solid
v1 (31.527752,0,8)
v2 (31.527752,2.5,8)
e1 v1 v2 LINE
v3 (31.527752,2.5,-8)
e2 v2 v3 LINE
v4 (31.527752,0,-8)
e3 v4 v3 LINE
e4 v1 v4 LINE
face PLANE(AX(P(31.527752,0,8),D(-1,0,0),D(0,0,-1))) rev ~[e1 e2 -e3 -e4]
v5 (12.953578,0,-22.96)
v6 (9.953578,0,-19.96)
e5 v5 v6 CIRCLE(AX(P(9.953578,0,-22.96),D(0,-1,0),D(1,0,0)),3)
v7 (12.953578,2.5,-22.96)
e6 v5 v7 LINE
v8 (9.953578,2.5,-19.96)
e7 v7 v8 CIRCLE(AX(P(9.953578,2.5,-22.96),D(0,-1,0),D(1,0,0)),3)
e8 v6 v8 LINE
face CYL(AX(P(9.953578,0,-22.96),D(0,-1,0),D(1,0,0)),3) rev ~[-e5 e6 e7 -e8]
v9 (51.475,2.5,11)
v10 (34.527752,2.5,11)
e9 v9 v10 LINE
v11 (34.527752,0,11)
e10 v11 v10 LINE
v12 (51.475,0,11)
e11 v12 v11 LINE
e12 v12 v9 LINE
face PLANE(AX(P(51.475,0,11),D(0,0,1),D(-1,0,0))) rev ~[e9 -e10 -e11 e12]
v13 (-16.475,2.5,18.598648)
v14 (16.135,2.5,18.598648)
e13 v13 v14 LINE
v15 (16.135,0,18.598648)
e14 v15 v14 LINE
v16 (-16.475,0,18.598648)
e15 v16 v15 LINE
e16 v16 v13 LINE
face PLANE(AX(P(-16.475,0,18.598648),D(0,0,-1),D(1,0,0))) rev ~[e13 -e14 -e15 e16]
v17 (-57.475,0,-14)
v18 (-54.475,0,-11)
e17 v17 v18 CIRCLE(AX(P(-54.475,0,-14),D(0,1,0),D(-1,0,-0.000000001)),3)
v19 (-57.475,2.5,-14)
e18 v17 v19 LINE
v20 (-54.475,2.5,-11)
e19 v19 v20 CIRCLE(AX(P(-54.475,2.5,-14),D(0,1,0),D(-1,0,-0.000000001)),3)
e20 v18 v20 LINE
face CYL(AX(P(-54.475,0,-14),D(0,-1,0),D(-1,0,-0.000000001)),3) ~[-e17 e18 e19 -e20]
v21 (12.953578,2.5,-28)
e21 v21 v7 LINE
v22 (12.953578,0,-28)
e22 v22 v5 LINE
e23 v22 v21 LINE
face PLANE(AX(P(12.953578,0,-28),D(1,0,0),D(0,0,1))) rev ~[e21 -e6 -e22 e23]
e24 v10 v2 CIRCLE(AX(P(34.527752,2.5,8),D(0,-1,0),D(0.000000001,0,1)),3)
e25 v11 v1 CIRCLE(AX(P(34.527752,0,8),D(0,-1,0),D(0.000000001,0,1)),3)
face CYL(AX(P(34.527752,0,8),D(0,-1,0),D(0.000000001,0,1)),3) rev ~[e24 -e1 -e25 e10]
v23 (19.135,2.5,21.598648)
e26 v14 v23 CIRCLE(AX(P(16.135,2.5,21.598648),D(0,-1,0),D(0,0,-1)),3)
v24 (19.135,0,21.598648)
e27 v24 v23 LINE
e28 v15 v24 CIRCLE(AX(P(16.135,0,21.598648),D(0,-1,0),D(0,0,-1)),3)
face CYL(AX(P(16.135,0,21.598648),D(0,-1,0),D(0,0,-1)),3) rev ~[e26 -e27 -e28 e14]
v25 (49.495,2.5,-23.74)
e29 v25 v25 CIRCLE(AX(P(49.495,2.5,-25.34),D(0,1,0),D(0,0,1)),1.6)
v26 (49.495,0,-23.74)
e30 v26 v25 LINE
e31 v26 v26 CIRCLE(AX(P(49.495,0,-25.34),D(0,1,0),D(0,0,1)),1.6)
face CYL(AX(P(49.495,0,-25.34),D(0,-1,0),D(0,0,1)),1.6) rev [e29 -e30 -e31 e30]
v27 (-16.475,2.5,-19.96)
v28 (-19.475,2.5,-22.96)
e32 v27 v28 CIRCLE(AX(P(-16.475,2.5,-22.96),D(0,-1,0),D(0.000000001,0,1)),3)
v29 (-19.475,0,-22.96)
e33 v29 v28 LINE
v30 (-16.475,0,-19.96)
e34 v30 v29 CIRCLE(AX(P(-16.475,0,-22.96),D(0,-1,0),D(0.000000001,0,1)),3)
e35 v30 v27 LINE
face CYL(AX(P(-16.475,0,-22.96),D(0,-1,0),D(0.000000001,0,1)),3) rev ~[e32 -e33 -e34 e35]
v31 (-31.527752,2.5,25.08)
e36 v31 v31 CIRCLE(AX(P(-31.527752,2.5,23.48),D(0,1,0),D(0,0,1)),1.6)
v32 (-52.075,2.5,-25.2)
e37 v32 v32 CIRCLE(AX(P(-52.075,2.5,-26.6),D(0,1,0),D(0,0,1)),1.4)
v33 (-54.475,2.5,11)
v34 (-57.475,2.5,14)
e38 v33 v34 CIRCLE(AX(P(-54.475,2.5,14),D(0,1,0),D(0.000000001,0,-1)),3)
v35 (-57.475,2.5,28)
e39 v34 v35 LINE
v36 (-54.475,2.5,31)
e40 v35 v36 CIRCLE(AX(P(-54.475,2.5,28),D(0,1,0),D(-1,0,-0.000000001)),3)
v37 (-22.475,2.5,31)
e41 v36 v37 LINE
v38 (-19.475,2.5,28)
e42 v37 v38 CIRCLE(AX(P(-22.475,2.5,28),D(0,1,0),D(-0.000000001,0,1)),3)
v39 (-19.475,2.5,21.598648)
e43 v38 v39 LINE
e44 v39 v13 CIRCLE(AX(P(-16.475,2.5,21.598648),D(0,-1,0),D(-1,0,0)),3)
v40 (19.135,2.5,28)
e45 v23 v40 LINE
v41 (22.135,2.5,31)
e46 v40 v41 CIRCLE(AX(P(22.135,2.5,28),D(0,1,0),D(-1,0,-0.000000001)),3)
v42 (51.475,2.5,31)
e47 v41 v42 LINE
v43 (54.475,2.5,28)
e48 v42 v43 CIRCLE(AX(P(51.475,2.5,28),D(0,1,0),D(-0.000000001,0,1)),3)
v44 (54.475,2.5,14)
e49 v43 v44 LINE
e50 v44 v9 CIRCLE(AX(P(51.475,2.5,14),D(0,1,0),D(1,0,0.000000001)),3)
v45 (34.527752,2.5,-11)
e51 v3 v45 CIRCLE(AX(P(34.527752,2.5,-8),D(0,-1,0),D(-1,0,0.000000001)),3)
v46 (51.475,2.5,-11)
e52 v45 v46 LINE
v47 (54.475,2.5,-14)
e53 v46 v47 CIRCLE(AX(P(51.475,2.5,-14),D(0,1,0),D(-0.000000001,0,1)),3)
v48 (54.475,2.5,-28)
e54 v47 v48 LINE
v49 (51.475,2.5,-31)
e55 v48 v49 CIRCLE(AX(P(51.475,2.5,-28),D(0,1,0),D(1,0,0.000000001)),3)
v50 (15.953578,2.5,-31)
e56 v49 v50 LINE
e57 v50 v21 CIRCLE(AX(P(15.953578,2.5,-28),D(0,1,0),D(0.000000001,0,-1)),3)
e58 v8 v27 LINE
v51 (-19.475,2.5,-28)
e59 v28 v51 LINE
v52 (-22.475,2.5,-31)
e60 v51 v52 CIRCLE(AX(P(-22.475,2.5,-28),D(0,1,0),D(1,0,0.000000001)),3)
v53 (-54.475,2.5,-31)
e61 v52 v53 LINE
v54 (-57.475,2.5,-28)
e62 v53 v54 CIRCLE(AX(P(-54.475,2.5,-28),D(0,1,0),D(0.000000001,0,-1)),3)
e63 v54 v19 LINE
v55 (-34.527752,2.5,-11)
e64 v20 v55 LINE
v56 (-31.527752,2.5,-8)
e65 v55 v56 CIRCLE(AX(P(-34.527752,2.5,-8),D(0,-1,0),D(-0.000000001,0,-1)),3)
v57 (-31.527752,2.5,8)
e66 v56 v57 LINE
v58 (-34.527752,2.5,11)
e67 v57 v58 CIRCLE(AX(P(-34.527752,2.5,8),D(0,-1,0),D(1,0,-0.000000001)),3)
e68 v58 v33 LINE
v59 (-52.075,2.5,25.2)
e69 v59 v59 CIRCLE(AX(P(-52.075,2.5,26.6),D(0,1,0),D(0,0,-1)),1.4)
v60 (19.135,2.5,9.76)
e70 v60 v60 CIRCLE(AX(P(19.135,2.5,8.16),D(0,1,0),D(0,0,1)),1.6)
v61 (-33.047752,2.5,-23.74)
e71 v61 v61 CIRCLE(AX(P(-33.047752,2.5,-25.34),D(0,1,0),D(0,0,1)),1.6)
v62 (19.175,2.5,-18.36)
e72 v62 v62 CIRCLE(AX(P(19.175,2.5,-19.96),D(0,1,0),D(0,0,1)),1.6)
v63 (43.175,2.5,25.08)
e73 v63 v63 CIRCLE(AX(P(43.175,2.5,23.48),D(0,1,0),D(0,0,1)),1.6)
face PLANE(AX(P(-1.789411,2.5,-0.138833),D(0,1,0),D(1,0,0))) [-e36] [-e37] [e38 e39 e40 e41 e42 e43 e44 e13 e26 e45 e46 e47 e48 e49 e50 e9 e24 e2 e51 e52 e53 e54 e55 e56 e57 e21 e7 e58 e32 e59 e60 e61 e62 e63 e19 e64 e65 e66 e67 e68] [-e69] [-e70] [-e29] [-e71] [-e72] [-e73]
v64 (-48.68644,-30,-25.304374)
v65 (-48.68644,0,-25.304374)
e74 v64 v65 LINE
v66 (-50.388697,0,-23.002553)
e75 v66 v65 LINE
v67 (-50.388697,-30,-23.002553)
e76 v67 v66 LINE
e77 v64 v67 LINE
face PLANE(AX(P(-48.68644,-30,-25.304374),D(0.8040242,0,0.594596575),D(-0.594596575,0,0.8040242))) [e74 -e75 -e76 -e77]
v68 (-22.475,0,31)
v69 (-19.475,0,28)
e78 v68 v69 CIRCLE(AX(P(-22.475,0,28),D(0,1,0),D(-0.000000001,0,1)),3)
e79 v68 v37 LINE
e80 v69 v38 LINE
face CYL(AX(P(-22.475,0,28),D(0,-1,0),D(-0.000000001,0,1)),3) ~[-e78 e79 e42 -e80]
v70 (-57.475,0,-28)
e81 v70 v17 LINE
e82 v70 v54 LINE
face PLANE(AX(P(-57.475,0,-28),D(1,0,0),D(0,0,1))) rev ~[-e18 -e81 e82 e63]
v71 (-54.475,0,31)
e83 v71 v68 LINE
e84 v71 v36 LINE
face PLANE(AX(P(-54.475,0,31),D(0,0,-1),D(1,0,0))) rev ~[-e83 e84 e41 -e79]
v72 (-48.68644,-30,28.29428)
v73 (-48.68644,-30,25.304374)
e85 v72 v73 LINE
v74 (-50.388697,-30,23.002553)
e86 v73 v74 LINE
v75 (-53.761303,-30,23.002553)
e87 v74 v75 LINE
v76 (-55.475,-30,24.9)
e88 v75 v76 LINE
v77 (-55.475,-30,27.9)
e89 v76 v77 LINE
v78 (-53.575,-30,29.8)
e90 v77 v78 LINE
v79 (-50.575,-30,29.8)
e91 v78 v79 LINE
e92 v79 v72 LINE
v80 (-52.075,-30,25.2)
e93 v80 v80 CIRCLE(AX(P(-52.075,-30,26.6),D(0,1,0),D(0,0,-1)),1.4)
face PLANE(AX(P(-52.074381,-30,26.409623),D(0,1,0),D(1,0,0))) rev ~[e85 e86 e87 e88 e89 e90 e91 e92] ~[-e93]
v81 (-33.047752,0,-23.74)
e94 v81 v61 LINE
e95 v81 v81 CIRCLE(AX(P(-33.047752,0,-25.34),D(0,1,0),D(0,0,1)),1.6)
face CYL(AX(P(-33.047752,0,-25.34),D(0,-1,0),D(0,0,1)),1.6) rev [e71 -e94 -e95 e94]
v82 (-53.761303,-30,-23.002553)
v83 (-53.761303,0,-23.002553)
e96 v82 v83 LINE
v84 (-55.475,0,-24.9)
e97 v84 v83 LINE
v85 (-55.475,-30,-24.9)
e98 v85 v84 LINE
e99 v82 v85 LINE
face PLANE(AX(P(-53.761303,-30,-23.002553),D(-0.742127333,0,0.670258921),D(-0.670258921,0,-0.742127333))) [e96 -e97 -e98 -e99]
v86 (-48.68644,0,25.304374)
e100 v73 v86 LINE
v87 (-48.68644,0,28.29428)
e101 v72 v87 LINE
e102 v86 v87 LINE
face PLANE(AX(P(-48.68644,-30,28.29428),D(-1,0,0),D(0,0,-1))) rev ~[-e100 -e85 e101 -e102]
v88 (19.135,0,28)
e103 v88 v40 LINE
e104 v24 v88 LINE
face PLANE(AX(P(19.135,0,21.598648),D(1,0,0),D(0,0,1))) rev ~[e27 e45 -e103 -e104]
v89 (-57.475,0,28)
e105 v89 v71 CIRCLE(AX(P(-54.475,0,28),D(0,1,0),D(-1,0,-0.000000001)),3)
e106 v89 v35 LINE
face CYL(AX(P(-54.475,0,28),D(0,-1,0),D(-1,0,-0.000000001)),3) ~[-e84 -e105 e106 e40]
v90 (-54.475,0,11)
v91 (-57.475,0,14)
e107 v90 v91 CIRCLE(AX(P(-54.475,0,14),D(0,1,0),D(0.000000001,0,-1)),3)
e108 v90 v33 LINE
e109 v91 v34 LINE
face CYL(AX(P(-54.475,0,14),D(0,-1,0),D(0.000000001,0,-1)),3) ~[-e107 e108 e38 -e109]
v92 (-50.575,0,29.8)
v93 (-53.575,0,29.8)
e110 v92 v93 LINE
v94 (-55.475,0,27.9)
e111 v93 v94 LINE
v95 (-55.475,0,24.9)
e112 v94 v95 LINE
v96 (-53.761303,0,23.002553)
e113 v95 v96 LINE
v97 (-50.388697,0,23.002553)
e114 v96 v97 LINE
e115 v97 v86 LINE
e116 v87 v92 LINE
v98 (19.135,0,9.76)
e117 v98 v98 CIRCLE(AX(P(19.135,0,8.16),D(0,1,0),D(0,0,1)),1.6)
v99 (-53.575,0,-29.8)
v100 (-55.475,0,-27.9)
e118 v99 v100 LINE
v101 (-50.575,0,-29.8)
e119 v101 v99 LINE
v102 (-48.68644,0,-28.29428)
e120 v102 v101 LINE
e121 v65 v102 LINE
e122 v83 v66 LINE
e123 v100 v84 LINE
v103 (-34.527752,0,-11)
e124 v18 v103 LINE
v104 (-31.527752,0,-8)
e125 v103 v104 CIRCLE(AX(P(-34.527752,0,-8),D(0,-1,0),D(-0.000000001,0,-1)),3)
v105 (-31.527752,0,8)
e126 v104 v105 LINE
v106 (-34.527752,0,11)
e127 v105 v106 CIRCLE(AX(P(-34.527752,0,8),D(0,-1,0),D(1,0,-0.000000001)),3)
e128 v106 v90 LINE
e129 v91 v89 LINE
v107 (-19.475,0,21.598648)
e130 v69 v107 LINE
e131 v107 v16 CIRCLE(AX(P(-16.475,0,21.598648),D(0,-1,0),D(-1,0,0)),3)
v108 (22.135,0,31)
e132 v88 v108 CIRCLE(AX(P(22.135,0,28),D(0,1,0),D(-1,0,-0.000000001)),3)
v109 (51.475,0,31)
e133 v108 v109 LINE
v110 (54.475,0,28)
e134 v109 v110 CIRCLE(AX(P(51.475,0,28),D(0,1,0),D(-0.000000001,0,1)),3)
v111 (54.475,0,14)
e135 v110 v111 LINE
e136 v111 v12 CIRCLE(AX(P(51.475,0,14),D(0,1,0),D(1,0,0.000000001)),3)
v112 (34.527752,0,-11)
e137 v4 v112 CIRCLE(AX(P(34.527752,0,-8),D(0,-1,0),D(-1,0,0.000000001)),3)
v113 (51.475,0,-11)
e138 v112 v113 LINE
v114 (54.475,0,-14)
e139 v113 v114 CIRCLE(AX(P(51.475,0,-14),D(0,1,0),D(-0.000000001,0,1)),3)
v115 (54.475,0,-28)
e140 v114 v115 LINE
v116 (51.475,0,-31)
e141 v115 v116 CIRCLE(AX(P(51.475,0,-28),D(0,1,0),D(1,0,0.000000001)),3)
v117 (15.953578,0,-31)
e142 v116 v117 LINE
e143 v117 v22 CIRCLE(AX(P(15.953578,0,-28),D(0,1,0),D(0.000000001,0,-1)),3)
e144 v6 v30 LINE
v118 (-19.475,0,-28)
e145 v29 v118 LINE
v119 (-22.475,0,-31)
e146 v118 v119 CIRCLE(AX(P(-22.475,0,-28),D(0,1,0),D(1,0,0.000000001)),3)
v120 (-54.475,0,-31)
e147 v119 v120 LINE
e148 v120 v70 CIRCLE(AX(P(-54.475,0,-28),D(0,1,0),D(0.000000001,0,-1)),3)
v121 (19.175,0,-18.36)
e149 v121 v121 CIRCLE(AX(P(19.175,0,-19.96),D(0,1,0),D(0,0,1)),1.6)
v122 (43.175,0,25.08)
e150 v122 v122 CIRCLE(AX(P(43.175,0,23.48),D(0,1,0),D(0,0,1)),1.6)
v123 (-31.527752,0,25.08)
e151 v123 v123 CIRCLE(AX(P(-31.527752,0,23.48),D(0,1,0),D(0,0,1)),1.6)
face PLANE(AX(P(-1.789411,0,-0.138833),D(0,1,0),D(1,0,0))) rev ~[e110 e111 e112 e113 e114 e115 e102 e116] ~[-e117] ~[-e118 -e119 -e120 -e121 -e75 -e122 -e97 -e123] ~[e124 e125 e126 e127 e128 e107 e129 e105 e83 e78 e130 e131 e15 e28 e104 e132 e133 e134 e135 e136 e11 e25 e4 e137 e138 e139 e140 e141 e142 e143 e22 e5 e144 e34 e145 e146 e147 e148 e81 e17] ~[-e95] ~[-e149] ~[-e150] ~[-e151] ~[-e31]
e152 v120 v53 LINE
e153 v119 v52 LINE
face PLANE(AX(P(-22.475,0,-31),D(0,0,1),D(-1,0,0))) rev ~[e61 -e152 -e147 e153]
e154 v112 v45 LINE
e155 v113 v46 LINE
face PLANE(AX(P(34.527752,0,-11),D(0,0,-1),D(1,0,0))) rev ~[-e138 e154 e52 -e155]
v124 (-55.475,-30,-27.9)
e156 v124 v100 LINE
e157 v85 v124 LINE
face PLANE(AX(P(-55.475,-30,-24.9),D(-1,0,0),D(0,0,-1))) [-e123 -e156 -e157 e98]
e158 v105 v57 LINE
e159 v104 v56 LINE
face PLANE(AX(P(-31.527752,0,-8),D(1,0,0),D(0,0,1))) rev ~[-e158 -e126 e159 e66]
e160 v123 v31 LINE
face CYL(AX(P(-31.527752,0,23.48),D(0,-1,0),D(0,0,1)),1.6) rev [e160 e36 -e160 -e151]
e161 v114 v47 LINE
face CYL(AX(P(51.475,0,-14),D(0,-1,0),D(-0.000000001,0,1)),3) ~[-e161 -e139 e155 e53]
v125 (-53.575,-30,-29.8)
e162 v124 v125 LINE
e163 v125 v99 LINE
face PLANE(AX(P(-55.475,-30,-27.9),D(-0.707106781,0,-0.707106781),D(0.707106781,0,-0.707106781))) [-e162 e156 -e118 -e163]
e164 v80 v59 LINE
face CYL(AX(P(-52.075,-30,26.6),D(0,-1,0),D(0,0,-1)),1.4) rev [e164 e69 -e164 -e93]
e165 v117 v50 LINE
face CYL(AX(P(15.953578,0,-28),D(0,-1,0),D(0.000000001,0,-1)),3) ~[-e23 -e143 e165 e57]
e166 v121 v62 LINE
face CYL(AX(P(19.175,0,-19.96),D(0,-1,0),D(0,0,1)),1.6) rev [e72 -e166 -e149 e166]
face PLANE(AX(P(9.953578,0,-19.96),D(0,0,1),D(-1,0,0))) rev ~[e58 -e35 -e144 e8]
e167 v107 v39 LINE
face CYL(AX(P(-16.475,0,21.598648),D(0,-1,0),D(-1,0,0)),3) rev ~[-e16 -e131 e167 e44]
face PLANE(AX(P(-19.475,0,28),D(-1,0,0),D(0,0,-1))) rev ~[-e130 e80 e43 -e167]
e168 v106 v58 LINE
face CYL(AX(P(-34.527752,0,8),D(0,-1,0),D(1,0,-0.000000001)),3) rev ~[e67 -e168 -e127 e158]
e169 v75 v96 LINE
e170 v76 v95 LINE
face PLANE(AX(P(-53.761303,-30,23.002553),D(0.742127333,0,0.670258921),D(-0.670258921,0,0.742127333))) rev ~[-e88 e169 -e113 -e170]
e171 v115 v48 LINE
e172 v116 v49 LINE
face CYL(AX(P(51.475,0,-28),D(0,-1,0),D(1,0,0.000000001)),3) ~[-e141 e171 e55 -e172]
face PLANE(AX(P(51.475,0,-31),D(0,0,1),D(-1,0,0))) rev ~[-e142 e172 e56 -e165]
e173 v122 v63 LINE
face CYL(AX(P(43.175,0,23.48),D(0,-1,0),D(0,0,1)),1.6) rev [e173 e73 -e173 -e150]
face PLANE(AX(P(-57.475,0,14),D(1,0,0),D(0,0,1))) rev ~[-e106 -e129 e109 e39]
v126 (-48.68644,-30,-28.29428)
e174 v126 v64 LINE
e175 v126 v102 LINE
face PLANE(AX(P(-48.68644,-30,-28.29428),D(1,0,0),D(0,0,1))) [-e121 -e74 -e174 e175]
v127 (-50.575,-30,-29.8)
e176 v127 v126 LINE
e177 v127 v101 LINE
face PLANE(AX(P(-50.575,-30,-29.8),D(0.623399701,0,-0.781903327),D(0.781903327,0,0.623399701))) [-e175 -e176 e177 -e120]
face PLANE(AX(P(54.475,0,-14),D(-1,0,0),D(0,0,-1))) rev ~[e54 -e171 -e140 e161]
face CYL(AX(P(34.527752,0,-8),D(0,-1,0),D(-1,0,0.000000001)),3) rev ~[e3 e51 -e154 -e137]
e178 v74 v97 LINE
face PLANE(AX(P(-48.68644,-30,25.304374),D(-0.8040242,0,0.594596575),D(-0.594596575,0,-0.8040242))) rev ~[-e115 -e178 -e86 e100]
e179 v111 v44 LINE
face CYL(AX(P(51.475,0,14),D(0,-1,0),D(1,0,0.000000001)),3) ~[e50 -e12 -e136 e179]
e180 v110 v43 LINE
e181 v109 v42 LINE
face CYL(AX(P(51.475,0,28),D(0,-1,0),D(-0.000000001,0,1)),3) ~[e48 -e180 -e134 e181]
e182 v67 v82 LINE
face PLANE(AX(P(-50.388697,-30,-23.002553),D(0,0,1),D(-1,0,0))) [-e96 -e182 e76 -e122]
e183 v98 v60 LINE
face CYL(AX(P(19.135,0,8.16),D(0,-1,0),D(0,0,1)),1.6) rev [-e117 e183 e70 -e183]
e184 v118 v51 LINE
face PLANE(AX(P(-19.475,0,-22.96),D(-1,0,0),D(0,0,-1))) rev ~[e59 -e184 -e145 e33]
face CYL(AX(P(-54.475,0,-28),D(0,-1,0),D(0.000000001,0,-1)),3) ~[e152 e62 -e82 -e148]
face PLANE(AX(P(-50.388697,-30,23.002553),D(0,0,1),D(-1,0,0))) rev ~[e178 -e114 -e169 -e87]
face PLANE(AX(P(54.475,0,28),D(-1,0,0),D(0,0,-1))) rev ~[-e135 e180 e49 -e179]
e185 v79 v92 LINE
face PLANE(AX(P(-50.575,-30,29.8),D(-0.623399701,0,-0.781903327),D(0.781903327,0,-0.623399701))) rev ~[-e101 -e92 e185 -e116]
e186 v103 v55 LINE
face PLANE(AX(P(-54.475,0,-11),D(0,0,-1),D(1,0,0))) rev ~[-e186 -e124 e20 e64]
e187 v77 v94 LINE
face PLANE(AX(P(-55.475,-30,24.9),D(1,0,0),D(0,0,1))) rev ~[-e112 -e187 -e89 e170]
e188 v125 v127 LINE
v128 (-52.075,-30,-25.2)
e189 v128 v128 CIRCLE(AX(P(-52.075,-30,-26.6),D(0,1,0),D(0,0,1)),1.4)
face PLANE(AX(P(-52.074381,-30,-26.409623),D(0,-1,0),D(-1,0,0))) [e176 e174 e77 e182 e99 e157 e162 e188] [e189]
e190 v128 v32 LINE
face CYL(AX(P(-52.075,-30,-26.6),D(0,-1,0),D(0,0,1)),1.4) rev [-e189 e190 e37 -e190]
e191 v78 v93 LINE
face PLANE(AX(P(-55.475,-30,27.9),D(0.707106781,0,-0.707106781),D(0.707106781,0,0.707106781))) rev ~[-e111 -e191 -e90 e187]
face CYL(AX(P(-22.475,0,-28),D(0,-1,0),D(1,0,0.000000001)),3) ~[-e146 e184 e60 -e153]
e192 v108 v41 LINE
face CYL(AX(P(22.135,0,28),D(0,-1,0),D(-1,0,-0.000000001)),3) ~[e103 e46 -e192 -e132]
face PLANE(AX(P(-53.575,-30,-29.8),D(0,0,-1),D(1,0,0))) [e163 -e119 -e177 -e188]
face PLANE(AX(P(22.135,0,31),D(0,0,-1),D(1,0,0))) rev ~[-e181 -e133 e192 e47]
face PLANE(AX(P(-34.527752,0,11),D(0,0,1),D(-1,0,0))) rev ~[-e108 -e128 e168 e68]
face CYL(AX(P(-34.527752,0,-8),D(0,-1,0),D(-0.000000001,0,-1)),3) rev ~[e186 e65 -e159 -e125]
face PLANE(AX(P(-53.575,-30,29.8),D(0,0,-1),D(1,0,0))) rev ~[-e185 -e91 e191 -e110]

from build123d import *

# Parameters (mm, degrees)
CROQUIS1_R              = 1.6
CROQUIS1_R_2            = 1.4
SALIENTE_EXTRUIR1_DEPTH = 2.5
SALIENTE_EXTRUIR2_START = -32.5
CROQUIS2_R              = 1.4
SALIENTE_EXTRUIR2_DEPTH = 32.5


with BuildPart() as part:
    # Croquis1 → Saliente-Extruir1 (new body)
    with BuildSketch(Plane(origin=(0, 0, 0), x_dir=(1, 0, 0), z_dir=(0, 1, 0))):
        with BuildLine():
            Line((-54.475, -31), (-22.475, -31))
            ThreePointArc((-22.475, -31), (-20.353679656, -30.121320344), (-19.475, -28))
            Line((-19.475, -28), (-19.475, -21.598648019))
            ThreePointArc((-19.475, -21.598648019), (-18.596320344, -19.477327676), (-16.475, -18.598648019))
            Line((-16.475, -18.598648019), (16.135, -18.598648019))
            ThreePointArc((16.135, -18.598648019), (18.256320344, -19.477327676), (19.135, -21.598648019))
            Line((19.135, -21.598648019), (19.135, -28))
            ThreePointArc((19.135, -28), (20.013679656, -30.121320344), (22.135, -31))
            Line((22.135, -31), (51.475, -31))
            ThreePointArc((51.475, -31), (53.596320344, -30.121320344), (54.475, -28))
            Line((54.475, -28), (54.475, -14))
            ThreePointArc((54.475, -14), (53.596320344, -11.878679656), (51.475, -11))
            Line((51.475, -11), (34.52775179, -11))
            ThreePointArc((34.52775179, -11), (32.406431446, -10.121320344), (31.52775179, -8))
            Line((31.52775179, -8), (31.52775179, 8))
            ThreePointArc((31.52775179, 8), (32.406431446, 10.121320344), (34.52775179, 11))
            Line((34.52775179, 11), (51.475, 11))
            ThreePointArc((51.475, 11), (53.596320344, 11.878679656), (54.475, 14))
            Line((54.475, 14), (54.475, 28))
            ThreePointArc((54.475, 28), (53.596320344, 30.121320344), (51.475, 31))
            Line((51.475, 31), (15.953577615, 31))
            ThreePointArc((15.953577615, 31), (13.832257271, 30.121320344), (12.953577615, 28))
            Line((12.953577615, 28), (12.953577615, 22.9600001))
            ThreePointArc((12.953577615, 22.9600001), (12.074897958, 20.838679756), (9.953577615, 19.9600001))
            Line((9.953577615, 19.9600001), (-16.475, 19.9600001))
            ThreePointArc((-16.475, 19.9600001), (-18.596320344, 20.838679756), (-19.475, 22.9600001))
            Line((-19.475, 22.9600001), (-19.475, 28))
            ThreePointArc((-19.475, 28), (-20.353679656, 30.121320344), (-22.475, 31))
            Line((-22.475, 31), (-54.475, 31))
            ThreePointArc((-54.475, 31), (-56.596320344, 30.121320344), (-57.475, 28))
            Line((-57.475, 28), (-57.475, 14))
            ThreePointArc((-57.475, 14), (-56.596320344, 11.878679656), (-54.475, 11))
            Line((-54.475, 11), (-34.52775179, 11))
            ThreePointArc((-34.52775179, 11), (-32.406431446, 10.121320344), (-31.52775179, 8))
            Line((-31.52775179, 8), (-31.52775179, -8))
            ThreePointArc((-31.52775179, -8), (-32.406431446, -10.121320344), (-34.52775179, -11))
            Line((-34.52775179, -11), (-54.475, -11))
            ThreePointArc((-54.475, -11), (-56.596320344, -11.878679656), (-57.475, -14))
            Line((-57.475, -14), (-57.475, -28))
            ThreePointArc((-57.475, -28), (-56.596320344, -30.121320344), (-54.475, -31))
        make_face()
        with Locations(Location((49.495, 25.3400001, 0), (0, 0, 270))):
            Circle(CROQUIS1_R, mode=Mode.SUBTRACT)
        with Locations(Location((-52.075, 26.6, 0), (0, 0, 270))):
            Circle(CROQUIS1_R_2, mode=Mode.SUBTRACT)
        with Locations(Location((-52.075, -26.6, 0), (0, 0, 90))):
            Circle(CROQUIS1_R_2, mode=Mode.SUBTRACT)
        with Locations(Location((-33.04775179, 25.3400001, 0), (0, 0, 270))):
            Circle(CROQUIS1_R, mode=Mode.SUBTRACT)
        with Locations(Location((19.175, 19.9600001, 0), (0, 0, 270))):
            Circle(CROQUIS1_R, mode=Mode.SUBTRACT)
        with Locations(Location((43.175, -23.4799999, 0), (0, 0, 270))):
            Circle(CROQUIS1_R, mode=Mode.SUBTRACT)
        with Locations(Location((-31.52775179, -23.4799999, 0), (0, 0, 270))):
            Circle(CROQUIS1_R, mode=Mode.SUBTRACT)
        with Locations(Location((19.135, -8.1599999, 0), (0, 0, 270))):
            Circle(CROQUIS1_R, mode=Mode.SUBTRACT)
    extrude(amount=SALIENTE_EXTRUIR1_DEPTH)

    # Croquis2 → Saliente-Extruir2 (add)
    # profile 1 of 2: a face of its own
    with BuildSketch(Plane(origin=(0, 2.5, 0), x_dir=(1, 0, 0), z_dir=(0, 1, 0)).offset(SALIENTE_EXTRUIR2_START)):
        Polygon((-55.475, 27.9), (-53.575, 29.8), (-50.575, 29.8), (-48.686440257, 28.294279871), (-48.686440257, 25.304374216), (-50.388696536, 23.00255261), (-53.761303464, 23.00255261), (-55.475, 24.9), align=None)
        with Locations(Location((-52.075, 26.6, 0), (0, 0, 270))):
            Circle(CROQUIS2_R, mode=Mode.SUBTRACT)
    # profile 2 of 2: a face of its own
    with BuildSketch(Plane(origin=(0, 2.5, 0), x_dir=(1, 0, 0), z_dir=(0, 1, 0)).offset(SALIENTE_EXTRUIR2_START)):
        Polygon((-55.475, -27.9), (-53.575, -29.8), (-50.575, -29.8), (-48.686440257, -28.294279871), (-48.686440257, -25.304374216), (-50.388696536, -23.00255261), (-53.761303464, -23.00255261), (-55.475, -24.9), align=None)
        with Locations(Location((-52.075, -26.6, 0), (0, 0, 90))):
            Circle(CROQUIS2_R, mode=Mode.SUBTRACT)
    extrude(amount=SALIENTE_EXTRUIR2_DEPTH)


solid = part.part
